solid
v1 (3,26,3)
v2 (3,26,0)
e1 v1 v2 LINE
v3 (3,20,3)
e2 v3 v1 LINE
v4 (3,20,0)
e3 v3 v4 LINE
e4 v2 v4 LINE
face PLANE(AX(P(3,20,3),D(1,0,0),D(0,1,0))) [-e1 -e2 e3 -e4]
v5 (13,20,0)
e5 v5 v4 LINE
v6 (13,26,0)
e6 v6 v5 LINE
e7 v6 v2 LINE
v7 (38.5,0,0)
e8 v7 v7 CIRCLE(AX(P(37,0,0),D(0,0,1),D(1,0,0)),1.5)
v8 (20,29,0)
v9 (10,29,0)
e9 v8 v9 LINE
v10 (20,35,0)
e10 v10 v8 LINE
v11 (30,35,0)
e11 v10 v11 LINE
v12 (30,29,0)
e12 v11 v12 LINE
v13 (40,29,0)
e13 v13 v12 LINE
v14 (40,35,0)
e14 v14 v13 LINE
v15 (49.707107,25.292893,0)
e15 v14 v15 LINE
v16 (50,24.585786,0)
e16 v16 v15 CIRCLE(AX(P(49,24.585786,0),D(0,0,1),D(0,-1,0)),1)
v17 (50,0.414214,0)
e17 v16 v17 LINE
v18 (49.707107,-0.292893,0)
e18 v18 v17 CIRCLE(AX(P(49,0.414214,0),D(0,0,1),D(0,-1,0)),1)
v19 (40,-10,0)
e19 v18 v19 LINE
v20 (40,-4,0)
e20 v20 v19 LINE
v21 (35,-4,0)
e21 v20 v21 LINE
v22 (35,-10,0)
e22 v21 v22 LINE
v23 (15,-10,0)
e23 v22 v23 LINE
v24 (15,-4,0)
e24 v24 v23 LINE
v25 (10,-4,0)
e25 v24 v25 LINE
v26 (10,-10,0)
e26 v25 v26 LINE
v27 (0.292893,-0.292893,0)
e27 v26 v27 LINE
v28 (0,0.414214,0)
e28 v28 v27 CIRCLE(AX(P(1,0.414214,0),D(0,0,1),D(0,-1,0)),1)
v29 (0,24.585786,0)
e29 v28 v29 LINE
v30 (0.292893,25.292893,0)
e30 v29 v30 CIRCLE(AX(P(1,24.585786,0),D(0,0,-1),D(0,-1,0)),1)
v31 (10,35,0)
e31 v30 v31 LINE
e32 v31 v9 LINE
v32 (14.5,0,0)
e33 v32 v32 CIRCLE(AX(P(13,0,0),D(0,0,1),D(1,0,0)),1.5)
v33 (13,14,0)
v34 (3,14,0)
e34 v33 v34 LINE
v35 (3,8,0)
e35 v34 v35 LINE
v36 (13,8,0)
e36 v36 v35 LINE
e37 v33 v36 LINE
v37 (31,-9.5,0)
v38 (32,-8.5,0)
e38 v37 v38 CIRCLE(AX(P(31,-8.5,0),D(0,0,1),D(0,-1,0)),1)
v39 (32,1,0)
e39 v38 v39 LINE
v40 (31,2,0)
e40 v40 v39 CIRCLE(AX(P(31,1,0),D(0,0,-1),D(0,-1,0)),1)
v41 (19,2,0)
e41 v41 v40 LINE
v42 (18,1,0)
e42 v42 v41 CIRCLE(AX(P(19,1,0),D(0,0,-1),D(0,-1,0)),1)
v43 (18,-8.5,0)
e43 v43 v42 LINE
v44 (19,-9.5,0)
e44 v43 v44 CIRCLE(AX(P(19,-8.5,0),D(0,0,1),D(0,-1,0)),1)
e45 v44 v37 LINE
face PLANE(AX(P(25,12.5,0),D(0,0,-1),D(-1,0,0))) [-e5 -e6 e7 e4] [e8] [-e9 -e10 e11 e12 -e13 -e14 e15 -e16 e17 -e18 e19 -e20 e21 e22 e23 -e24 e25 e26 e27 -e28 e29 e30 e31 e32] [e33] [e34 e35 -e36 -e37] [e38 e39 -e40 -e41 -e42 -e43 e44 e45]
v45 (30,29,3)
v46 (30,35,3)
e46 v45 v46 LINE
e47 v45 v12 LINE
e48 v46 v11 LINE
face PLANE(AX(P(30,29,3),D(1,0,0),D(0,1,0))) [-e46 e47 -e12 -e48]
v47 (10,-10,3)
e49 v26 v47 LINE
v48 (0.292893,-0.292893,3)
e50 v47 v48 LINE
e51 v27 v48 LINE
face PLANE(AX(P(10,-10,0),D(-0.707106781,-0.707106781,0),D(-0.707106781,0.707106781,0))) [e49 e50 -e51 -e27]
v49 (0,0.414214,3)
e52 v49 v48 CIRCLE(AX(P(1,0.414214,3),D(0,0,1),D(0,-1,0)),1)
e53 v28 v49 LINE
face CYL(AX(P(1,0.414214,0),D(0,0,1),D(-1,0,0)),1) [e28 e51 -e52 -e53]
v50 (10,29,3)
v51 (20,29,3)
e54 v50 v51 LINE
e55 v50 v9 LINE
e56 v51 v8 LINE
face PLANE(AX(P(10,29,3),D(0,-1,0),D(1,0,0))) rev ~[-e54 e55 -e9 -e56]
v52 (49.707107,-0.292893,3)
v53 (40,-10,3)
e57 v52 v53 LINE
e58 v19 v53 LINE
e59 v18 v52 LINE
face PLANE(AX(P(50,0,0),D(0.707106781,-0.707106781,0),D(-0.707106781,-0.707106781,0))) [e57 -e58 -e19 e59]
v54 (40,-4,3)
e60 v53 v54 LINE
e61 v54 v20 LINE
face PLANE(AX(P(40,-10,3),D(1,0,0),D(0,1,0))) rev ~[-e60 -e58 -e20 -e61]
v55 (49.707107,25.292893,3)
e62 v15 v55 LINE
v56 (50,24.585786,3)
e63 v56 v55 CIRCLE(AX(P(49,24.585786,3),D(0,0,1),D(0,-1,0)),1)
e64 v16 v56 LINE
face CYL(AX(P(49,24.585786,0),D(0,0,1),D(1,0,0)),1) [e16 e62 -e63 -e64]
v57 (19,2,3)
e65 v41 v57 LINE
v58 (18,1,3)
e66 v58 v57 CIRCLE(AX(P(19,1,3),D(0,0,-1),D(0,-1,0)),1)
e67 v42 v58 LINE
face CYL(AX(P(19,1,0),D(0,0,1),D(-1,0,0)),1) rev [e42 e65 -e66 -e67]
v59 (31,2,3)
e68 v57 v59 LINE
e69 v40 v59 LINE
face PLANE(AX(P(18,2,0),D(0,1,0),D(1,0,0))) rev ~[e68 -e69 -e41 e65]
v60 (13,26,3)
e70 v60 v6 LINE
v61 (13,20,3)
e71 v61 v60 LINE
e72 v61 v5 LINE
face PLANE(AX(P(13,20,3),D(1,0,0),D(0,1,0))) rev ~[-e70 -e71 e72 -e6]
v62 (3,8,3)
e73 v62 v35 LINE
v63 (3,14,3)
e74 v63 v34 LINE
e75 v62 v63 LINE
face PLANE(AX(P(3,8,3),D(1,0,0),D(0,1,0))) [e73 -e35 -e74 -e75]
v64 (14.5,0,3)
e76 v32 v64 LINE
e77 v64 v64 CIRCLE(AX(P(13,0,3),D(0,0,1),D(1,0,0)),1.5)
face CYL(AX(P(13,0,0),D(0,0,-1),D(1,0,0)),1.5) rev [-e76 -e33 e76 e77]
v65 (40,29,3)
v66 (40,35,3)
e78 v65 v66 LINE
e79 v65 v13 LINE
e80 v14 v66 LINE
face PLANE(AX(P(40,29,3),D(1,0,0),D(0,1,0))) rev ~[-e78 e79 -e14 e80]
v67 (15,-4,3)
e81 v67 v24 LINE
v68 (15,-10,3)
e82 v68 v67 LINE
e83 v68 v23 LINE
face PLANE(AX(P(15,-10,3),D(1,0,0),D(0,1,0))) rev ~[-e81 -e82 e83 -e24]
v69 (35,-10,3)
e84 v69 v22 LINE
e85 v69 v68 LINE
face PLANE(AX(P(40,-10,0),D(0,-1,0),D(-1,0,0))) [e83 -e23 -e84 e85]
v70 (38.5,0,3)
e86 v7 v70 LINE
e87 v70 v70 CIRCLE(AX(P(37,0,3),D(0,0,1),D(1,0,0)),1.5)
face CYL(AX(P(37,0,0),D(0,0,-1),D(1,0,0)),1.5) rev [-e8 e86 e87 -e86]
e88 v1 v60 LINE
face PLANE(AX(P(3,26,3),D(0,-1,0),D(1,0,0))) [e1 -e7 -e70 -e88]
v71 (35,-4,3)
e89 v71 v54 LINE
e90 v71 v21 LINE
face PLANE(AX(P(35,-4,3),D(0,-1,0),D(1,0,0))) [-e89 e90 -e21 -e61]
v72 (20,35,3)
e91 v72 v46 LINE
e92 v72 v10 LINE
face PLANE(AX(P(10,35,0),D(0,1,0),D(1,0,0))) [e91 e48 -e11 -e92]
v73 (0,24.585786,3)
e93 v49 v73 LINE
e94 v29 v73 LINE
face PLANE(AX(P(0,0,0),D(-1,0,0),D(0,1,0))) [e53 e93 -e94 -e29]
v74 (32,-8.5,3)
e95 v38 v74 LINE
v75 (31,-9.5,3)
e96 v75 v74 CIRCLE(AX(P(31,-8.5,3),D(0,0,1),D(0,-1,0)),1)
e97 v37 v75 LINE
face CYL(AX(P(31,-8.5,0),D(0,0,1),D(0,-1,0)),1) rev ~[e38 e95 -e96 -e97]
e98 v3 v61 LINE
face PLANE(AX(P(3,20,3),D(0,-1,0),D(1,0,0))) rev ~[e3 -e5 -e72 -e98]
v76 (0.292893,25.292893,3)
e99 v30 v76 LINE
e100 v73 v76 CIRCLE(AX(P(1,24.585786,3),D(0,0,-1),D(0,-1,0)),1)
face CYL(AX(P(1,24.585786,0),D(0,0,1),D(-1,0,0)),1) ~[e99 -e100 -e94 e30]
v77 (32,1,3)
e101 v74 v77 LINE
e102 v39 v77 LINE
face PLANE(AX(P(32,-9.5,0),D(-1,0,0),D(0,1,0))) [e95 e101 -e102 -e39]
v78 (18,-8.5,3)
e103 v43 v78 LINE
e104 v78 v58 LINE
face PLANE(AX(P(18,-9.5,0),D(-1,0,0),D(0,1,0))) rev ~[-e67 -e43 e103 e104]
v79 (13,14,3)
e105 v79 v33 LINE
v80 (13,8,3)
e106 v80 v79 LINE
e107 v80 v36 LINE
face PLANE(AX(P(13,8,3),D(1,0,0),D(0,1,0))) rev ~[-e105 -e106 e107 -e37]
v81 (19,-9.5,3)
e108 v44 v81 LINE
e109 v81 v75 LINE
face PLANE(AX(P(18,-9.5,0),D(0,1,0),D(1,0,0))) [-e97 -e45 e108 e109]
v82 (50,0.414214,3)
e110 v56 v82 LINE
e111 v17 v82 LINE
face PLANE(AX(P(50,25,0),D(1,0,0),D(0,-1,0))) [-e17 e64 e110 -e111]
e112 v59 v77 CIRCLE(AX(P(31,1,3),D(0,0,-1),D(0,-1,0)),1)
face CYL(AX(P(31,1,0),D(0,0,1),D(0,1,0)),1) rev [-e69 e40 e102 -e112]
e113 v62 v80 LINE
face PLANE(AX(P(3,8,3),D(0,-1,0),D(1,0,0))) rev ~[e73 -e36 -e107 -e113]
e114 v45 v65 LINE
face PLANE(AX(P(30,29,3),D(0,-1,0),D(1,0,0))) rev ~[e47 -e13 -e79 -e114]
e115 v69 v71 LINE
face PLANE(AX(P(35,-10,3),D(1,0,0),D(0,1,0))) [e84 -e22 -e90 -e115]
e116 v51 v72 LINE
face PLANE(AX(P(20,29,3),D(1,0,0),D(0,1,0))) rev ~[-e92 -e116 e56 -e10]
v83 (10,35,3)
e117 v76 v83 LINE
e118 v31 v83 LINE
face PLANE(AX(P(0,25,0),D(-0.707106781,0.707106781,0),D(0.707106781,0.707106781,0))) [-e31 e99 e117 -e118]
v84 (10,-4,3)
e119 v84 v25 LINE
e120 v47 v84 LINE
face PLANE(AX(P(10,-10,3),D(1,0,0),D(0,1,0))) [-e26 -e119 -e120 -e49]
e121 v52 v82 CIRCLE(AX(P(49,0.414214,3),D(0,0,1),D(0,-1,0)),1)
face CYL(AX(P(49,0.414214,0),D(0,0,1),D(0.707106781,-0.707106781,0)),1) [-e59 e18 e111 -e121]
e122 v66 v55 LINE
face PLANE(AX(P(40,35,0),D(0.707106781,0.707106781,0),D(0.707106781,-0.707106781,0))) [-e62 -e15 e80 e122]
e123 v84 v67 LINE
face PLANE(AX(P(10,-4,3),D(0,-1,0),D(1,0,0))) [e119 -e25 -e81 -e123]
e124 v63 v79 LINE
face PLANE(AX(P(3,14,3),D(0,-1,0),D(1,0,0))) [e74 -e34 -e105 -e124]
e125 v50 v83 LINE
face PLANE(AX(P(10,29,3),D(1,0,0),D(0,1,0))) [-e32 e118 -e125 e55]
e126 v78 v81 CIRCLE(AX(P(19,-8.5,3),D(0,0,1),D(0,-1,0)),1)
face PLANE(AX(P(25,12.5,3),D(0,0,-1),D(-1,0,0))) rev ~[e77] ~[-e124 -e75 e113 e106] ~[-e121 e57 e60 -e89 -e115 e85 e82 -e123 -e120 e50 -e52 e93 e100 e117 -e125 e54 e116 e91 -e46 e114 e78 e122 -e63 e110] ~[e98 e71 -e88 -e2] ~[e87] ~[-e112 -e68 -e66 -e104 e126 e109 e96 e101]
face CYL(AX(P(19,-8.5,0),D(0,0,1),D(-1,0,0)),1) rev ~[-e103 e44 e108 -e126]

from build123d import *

# Parameters (mm, degrees)
SKETCH1_R           = 1.5
SKETCH1_W           = 14
SKETCH1_H           = 11.5
BOSS_EXTRUDE1_DEPTH = 3
SKETCH2_W           = 10
SKETCH2_H           = 6
SKETCH2_W_2         = 5
CUT_EXTRUDE1_DEPTH  = 62.10646447
SKETCH3_W           = 10
SKETCH3_H           = 6
CUT_EXTRUDE2_DEPTH  = 62.10646447
FILLET1_R           = 1


with BuildPart() as part:
    # Sketch1 → Boss-Extrude1 (new body)
    with BuildSketch(Plane.XY):
        Polygon((0, 0), (0, 25), (10, 35), (40, 35), (50, 25), (50, 0), (40, -10), (10, -10), align=None)
        with Locations((13, 0)):
            Circle(SKETCH1_R, mode=Mode.SUBTRACT)
        with Locations((37, 0)):
            Circle(SKETCH1_R, mode=Mode.SUBTRACT)
        with Locations((25, -3.75)):
            Rectangle(SKETCH1_W, SKETCH1_H, mode=Mode.SUBTRACT)
    extrude(amount=BOSS_EXTRUDE1_DEPTH)

    # Sketch2 → Cut-Extrude1 (cut, through all)
    with BuildSketch(Plane.XY.offset(3)):
        with Locations((15, 32)):
            Rectangle(SKETCH2_W, SKETCH2_H)
        with Locations((35, 32)):
            Rectangle(SKETCH2_W, SKETCH2_H)
        with Locations((12.5, -7)):
            Rectangle(SKETCH2_W_2, SKETCH2_H)
        with Locations((37.5, -7)):
            Rectangle(SKETCH2_W_2, SKETCH2_H)
    extrude(amount=-CUT_EXTRUDE1_DEPTH, mode=Mode.SUBTRACT)

    # Sketch3 → Cut-Extrude2 (cut, through all)
    with BuildSketch(Plane.XY.offset(3)):
        with Locations((8, 11)):
            Rectangle(SKETCH3_W, SKETCH3_H)
        with Locations((8, 23)):
            Rectangle(SKETCH3_W, SKETCH3_H)
    extrude(amount=-CUT_EXTRUDE2_DEPTH, mode=Mode.SUBTRACT)

    # Fillet1
    fillet1_edges = [part.edges().sort_by_distance(p)[0] for p in [
        (0, 0, 1.5),
        (0, 25, 1.5),
        (50, 25, 1.5),
        (50, 0, 1.5),
        (18, 2, 1.5),
        (18, -9.5, 1.5),
        (32, -9.5, 1.5),
        (32, 2, 1.5),
    ]]
    fillet(fillet1_edges, radius=FILLET1_R)


solid = part.part
